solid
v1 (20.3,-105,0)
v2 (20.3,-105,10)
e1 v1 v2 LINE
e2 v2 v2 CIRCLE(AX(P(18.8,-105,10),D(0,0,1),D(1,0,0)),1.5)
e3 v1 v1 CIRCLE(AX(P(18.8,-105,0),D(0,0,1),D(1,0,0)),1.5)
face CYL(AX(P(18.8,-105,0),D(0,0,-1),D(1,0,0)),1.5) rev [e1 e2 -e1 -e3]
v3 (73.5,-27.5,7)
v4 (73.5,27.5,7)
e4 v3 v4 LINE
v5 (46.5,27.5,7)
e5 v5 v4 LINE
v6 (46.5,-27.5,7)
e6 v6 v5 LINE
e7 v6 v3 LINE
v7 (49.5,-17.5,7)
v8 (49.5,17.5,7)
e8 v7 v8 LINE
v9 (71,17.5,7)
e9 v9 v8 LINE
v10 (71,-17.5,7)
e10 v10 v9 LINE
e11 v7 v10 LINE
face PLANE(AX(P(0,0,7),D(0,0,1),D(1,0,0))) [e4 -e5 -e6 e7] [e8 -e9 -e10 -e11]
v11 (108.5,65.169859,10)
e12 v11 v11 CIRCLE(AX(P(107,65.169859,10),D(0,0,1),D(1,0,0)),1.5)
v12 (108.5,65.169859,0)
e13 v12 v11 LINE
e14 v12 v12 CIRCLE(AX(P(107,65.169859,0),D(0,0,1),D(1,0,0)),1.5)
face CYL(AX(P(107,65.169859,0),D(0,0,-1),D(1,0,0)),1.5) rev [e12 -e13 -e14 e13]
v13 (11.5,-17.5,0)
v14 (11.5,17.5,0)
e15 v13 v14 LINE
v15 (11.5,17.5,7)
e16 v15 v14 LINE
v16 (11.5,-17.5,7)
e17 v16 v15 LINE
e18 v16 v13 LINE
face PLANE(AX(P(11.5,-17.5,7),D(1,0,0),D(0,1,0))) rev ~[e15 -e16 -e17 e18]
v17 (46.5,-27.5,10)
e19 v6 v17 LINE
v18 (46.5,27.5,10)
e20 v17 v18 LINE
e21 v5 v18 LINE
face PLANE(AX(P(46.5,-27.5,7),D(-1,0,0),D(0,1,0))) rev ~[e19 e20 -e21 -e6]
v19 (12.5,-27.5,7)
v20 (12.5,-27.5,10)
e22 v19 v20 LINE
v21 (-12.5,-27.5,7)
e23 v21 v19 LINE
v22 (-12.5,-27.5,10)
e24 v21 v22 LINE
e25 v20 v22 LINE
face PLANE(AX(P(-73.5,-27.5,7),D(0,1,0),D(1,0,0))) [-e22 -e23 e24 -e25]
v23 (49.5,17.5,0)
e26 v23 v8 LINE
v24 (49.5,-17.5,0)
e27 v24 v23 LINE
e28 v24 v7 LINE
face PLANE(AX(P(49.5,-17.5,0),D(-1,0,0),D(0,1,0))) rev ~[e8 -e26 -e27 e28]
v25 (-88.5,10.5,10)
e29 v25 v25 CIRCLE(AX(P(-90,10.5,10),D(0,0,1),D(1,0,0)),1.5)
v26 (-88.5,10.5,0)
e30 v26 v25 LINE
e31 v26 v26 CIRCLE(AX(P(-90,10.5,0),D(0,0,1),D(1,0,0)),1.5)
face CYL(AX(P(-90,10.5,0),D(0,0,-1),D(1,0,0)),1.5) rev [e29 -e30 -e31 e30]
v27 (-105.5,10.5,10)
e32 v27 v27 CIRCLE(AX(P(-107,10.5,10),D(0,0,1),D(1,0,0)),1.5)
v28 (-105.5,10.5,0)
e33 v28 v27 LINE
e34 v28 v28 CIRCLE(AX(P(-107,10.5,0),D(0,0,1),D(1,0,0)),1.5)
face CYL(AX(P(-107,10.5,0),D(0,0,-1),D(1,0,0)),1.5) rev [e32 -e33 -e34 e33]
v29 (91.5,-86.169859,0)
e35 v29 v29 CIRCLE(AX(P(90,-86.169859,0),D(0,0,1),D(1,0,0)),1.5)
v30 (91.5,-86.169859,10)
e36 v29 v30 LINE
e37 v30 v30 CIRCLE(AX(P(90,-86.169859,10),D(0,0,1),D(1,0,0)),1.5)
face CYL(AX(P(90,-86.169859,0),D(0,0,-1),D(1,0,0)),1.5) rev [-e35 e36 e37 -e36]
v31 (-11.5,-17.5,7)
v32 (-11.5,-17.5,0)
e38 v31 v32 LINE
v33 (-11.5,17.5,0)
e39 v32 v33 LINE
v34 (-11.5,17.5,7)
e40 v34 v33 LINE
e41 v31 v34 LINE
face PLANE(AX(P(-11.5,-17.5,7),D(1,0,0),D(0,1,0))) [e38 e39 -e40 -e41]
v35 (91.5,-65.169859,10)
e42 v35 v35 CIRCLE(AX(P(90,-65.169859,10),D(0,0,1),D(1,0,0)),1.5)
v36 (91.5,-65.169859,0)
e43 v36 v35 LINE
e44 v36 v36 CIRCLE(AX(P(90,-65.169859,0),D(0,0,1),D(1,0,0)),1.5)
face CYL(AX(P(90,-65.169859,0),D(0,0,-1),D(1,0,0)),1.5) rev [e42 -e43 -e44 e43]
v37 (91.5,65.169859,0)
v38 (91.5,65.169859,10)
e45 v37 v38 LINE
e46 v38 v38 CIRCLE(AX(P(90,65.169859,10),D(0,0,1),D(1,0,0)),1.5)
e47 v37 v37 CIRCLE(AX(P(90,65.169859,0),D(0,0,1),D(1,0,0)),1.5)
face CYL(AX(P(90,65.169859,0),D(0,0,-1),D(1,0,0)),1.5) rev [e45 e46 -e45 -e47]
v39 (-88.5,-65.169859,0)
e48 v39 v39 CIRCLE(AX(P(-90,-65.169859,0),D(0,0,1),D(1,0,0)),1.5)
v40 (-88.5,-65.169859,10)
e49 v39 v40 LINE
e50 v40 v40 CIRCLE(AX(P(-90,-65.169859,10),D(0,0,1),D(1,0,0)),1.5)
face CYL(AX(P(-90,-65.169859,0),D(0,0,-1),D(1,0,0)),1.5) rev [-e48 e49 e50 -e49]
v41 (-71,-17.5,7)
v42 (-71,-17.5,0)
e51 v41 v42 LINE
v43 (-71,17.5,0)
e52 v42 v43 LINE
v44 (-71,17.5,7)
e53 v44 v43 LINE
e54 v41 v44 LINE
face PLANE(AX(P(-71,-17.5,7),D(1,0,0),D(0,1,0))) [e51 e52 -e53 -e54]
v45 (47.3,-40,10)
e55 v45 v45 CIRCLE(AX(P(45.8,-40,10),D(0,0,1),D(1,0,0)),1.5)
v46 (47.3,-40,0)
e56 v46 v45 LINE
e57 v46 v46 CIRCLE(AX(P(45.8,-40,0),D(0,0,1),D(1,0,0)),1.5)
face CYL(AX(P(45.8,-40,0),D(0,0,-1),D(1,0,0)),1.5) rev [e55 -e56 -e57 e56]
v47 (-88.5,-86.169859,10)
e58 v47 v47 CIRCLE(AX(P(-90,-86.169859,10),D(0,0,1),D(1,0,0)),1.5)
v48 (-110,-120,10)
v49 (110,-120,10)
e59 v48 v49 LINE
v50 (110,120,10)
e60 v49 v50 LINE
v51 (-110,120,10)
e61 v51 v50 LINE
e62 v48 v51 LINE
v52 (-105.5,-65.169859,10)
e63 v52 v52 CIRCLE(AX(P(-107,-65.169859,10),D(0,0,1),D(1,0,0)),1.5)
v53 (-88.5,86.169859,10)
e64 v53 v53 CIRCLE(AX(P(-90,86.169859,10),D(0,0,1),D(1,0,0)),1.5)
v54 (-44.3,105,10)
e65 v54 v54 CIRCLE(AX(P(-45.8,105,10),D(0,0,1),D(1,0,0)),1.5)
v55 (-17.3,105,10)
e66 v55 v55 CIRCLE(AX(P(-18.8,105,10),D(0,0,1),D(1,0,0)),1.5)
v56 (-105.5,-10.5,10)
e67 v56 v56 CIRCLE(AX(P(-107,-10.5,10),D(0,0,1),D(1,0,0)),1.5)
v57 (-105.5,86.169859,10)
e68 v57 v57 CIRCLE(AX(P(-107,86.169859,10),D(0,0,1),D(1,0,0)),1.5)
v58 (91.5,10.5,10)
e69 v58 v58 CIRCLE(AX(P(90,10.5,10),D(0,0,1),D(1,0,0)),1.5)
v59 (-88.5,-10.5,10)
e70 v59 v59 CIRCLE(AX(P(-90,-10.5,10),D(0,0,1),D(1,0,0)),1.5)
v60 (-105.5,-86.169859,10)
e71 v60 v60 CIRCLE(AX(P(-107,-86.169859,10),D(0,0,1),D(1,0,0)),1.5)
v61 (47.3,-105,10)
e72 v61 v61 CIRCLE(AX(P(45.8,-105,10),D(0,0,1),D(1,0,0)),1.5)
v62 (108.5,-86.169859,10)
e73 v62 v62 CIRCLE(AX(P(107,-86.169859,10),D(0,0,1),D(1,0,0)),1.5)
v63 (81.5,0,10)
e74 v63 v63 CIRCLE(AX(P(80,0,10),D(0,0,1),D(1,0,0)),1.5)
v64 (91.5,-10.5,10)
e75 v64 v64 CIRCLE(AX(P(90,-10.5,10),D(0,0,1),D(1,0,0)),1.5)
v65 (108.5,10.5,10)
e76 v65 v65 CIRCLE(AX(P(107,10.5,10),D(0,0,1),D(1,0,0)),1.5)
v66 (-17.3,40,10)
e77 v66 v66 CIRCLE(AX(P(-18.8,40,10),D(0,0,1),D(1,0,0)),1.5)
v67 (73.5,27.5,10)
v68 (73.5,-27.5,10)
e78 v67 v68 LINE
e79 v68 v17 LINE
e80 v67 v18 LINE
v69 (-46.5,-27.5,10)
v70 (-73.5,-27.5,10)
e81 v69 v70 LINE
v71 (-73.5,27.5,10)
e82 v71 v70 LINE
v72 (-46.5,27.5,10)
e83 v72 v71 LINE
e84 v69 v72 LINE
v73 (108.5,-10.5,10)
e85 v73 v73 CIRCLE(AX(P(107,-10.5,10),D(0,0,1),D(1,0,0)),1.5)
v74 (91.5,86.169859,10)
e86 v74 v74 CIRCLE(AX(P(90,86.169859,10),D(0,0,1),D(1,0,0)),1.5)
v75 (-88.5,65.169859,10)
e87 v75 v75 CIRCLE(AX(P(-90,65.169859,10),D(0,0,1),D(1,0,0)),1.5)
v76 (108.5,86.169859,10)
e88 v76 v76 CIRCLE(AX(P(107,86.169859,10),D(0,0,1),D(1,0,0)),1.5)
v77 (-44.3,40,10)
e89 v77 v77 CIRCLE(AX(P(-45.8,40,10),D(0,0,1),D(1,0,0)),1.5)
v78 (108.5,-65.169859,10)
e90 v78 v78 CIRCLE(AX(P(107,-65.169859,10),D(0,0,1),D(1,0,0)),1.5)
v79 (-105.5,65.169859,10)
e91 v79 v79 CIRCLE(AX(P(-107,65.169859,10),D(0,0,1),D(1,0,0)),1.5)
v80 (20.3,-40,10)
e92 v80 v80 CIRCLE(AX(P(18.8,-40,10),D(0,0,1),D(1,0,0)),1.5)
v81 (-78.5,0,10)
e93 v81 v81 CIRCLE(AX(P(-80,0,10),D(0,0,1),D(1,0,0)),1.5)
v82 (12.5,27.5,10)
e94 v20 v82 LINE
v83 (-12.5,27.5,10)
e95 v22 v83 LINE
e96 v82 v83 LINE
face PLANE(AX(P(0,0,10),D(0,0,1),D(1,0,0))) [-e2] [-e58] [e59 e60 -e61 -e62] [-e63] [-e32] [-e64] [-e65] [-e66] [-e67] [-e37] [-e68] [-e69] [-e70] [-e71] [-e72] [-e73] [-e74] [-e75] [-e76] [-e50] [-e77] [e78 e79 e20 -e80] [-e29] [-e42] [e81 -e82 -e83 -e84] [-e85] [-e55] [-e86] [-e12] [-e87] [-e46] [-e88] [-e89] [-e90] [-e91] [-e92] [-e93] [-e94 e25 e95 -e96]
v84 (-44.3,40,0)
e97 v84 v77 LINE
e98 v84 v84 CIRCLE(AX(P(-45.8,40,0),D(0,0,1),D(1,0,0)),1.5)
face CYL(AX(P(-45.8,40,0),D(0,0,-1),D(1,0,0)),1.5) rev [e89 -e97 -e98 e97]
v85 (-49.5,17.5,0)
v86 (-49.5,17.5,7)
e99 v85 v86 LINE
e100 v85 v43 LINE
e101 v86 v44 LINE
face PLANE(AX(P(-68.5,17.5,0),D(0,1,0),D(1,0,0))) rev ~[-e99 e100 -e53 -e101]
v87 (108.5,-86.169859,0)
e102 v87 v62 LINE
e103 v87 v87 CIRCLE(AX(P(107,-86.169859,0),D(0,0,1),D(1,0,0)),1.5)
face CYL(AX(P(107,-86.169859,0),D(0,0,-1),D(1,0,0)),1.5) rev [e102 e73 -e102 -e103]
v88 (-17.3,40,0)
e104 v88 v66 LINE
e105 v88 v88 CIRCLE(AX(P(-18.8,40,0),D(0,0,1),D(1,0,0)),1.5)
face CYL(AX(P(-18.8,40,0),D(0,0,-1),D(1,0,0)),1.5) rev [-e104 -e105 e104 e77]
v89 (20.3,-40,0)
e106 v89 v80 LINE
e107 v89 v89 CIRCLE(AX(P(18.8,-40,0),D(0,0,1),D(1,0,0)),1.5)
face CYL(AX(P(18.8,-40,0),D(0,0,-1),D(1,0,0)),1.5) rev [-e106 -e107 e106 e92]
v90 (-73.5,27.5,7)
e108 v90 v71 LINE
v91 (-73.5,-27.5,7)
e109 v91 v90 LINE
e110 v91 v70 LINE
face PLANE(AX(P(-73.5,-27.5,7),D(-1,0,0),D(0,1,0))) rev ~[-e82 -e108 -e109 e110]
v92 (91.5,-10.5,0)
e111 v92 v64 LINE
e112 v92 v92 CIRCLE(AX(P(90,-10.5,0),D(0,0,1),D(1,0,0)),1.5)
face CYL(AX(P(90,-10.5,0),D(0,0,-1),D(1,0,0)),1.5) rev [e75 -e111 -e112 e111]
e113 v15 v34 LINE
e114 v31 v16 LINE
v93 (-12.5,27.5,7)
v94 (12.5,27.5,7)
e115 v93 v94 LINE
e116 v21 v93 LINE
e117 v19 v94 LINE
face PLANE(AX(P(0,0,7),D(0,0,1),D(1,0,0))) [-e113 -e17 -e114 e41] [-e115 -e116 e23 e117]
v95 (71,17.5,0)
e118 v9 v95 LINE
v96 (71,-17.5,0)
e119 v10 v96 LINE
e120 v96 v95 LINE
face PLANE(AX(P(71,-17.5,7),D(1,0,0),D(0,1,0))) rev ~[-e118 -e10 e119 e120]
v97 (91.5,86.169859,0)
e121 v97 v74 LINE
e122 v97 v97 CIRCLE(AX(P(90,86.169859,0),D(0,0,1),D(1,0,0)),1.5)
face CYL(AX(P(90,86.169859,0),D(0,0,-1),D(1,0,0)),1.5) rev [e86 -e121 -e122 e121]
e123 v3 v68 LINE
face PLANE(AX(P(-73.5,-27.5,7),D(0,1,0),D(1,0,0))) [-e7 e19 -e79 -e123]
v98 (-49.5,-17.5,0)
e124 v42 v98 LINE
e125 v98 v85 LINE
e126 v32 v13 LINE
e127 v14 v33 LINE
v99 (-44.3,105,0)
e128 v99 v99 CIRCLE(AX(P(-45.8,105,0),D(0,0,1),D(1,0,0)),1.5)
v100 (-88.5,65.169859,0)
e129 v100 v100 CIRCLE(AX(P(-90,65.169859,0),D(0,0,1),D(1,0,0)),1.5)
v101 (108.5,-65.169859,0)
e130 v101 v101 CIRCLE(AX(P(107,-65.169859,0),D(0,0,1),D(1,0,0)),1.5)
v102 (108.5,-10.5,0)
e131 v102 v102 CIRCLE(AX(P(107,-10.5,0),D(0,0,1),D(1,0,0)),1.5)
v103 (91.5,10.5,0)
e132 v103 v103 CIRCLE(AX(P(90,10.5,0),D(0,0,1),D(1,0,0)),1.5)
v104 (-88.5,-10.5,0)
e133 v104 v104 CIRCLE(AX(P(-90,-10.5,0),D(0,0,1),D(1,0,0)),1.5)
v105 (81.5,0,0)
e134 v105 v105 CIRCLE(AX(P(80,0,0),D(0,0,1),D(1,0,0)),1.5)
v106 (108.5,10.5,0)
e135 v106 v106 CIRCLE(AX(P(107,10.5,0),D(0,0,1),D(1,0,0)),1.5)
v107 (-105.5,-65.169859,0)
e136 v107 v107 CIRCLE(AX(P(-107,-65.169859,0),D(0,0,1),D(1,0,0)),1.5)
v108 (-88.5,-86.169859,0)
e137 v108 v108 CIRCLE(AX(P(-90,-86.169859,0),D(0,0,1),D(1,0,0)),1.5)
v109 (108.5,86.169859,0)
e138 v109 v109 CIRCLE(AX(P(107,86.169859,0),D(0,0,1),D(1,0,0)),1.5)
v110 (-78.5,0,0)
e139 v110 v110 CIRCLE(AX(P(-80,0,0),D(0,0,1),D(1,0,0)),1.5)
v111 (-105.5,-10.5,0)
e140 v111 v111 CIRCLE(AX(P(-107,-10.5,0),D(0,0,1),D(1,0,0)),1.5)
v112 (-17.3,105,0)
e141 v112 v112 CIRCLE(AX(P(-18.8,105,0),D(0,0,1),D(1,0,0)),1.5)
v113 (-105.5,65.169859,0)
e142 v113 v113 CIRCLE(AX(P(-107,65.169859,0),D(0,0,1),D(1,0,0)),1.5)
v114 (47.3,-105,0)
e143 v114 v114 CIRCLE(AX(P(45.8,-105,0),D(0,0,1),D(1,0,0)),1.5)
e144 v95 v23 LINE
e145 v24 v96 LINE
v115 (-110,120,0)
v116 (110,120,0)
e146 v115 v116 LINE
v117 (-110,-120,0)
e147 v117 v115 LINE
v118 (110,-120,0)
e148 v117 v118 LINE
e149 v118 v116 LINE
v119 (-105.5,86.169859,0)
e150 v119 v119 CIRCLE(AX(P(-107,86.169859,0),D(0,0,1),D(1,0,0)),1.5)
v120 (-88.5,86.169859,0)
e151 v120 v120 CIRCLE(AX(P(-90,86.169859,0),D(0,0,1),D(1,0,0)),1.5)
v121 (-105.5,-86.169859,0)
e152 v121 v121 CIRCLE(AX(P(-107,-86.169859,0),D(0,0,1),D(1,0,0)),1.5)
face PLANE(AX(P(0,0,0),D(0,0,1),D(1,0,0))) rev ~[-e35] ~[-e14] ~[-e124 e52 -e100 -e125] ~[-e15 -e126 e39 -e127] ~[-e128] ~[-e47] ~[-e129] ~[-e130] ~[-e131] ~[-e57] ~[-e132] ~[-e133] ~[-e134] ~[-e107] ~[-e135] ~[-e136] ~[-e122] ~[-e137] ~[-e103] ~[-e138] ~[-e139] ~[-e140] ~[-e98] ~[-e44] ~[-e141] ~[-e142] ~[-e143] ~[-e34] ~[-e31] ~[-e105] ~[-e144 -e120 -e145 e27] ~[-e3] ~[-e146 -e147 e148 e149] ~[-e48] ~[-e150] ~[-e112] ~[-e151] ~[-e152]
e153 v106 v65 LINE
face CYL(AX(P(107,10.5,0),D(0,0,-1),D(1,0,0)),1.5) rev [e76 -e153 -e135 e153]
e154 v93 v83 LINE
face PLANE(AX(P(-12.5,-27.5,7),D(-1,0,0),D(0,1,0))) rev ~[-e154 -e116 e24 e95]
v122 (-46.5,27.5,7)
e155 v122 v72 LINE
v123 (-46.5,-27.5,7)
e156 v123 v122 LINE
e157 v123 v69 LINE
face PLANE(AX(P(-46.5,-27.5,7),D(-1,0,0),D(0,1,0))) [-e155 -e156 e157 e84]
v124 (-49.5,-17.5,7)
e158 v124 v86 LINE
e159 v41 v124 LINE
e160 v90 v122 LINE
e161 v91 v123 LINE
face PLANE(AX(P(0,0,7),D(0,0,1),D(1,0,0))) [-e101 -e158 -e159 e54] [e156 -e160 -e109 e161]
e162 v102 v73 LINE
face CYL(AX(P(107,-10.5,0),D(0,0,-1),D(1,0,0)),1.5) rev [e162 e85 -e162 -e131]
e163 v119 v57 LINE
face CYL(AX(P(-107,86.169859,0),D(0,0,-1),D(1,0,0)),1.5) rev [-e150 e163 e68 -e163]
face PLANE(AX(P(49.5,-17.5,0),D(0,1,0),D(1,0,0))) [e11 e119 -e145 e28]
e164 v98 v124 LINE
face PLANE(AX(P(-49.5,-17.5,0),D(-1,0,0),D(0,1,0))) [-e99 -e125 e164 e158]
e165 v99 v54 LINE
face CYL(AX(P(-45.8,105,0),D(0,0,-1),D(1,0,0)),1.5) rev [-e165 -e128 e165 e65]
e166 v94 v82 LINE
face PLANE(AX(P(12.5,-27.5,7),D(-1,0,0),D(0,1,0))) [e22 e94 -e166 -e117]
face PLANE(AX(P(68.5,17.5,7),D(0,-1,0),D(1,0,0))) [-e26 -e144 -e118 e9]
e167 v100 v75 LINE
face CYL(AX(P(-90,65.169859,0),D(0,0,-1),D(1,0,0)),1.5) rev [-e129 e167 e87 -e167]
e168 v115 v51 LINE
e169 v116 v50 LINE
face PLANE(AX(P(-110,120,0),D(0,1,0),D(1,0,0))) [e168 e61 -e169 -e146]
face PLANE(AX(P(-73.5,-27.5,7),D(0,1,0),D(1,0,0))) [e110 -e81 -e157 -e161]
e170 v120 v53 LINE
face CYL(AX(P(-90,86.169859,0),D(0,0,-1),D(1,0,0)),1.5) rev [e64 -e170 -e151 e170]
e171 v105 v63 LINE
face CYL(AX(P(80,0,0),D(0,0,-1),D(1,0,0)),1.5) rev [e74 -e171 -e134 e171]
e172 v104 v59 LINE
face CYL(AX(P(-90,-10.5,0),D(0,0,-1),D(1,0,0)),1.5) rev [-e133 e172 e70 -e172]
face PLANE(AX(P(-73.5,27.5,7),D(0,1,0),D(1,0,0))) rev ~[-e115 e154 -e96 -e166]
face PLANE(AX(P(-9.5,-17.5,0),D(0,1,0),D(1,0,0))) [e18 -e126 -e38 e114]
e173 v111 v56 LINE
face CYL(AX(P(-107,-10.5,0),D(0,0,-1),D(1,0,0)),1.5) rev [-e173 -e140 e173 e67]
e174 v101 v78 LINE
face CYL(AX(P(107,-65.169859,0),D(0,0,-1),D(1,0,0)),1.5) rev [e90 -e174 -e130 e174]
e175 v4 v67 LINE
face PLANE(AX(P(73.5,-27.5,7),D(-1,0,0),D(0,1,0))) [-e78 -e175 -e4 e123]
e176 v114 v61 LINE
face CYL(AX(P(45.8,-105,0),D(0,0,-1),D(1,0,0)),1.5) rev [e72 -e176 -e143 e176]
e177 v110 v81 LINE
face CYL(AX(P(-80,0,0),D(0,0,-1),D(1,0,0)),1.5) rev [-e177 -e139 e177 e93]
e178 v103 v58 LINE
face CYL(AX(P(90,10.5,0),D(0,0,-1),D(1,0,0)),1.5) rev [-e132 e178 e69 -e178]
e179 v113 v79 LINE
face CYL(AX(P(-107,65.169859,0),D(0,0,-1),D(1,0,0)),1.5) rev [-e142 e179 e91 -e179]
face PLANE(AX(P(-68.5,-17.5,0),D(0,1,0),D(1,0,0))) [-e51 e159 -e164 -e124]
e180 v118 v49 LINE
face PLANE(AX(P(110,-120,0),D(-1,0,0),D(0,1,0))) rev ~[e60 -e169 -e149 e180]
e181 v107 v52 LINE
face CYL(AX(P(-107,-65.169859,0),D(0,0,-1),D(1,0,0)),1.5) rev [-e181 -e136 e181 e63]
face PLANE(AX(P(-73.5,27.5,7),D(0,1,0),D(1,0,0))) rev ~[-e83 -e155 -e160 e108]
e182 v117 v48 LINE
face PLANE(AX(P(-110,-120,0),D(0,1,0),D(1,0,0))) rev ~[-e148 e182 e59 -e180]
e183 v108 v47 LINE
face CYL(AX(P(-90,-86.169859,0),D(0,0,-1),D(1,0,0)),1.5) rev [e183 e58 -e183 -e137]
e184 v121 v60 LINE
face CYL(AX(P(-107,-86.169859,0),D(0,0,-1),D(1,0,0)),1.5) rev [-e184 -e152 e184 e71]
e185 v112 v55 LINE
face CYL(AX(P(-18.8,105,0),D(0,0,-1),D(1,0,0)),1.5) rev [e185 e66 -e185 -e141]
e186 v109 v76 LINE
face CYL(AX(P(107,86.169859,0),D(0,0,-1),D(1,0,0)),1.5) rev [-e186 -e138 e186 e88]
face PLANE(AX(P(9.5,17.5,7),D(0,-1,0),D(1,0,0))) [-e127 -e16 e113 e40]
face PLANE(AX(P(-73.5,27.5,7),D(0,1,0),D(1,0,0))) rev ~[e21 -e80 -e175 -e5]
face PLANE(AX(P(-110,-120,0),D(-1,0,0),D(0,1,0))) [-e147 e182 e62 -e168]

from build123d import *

# Parameters (mm, degrees)
SKETCH1_W               = 220
SKETCH1_H               = 240
SKETCH1_R               = 1.5
SKETCH1_W_2             = 19
SKETCH1_H_2             = 35
BOSS_EXTRUDE1_DEPTH     = 10
CUT_EXTRUDE1_DEPTH      = 164.095064303
CUT_EXTRUDE1_DEPTH_BACK = 3
SKETCH2_W               = 147
SKETCH2_H               = 55
SKETCH3_W               = 34
SKETCH3_H               = 55
BOSS_EXTRUDE2_DEPTH     = 3
SKETCH6_W               = 2.5
SKETCH6_H               = 35
CUT_EXTRUDE3_DEPTH      = 10
SKETCH7_W               = 2
SKETCH7_H               = 35
CUT_EXTRUDE4_DEPTH      = 10


with BuildPart() as part:
    # Sketch1 → Boss-Extrude1 (new body)
    with BuildSketch(Plane.XY):
        Rectangle(SKETCH1_W, SKETCH1_H)
        with Locations((18.8, -40)):
            Circle(SKETCH1_R, mode=Mode.SUBTRACT)
        with Locations((45.8, -40)):
            Circle(SKETCH1_R, mode=Mode.SUBTRACT)
        with Locations((45.8, -105)):
            Circle(SKETCH1_R, mode=Mode.SUBTRACT)
        with Locations((18.8, -105)):
            Circle(SKETCH1_R, mode=Mode.SUBTRACT)
        with Locations((-45.8, 105)):
            Circle(SKETCH1_R, mode=Mode.SUBTRACT)
        with Locations((-18.8, 105)):
            Circle(SKETCH1_R, mode=Mode.SUBTRACT)
        with Locations((-18.8, 40)):
            Circle(SKETCH1_R, mode=Mode.SUBTRACT)
        with Locations((-45.8, 40)):
            Circle(SKETCH1_R, mode=Mode.SUBTRACT)
        with Locations((-80, 0)):
            Circle(SKETCH1_R, mode=Mode.SUBTRACT)
        with Locations((80, 0)):
            Circle(SKETCH1_R, mode=Mode.SUBTRACT)
        with Locations((90, 86.169859373)):
            Circle(SKETCH1_R, mode=Mode.SUBTRACT)
        with Locations((90, 65.169859373)):
            Circle(SKETCH1_R, mode=Mode.SUBTRACT)
        with Locations((107, 65.169859373)):
            Circle(SKETCH1_R, mode=Mode.SUBTRACT)
        with Locations((107, 86.169859373)):
            Circle(SKETCH1_R, mode=Mode.SUBTRACT)
        with Locations((90, -10.5)):
            Circle(SKETCH1_R, mode=Mode.SUBTRACT)
        with Locations((90, 10.5)):
            Circle(SKETCH1_R, mode=Mode.SUBTRACT)
        with Locations((107, 10.5)):
            Circle(SKETCH1_R, mode=Mode.SUBTRACT)
        with Locations((107, -10.5)):
            Circle(SKETCH1_R, mode=Mode.SUBTRACT)
        with Locations((90, -86.169859373)):
            Circle(SKETCH1_R, mode=Mode.SUBTRACT)
        with Locations((90, -65.169859373)):
            Circle(SKETCH1_R, mode=Mode.SUBTRACT)
        with Locations((107, -65.169859373)):
            Circle(SKETCH1_R, mode=Mode.SUBTRACT)
        with Locations((107, -86.169859373)):
            Circle(SKETCH1_R, mode=Mode.SUBTRACT)
        with Locations((-107, -65.169859373)):
            Circle(SKETCH1_R, mode=Mode.SUBTRACT)
        with Locations((-107, -86.169859373)):
            Circle(SKETCH1_R, mode=Mode.SUBTRACT)
        with Locations((-90, -86.169859373)):
            Circle(SKETCH1_R, mode=Mode.SUBTRACT)
        with Locations((-90, -65.169859373)):
            Circle(SKETCH1_R, mode=Mode.SUBTRACT)
        with Locations((-107, -10.5)):
            Circle(SKETCH1_R, mode=Mode.SUBTRACT)
        with Locations((-107, 10.5)):
            Circle(SKETCH1_R, mode=Mode.SUBTRACT)
        with Locations((-90, 10.5)):
            Circle(SKETCH1_R, mode=Mode.SUBTRACT)
        with Locations((-90, -10.5)):
            Circle(SKETCH1_R, mode=Mode.SUBTRACT)
        with Locations((-107, 86.169859373)):
            Circle(SKETCH1_R, mode=Mode.SUBTRACT)
        with Locations((-107, 65.169859373)):
            Circle(SKETCH1_R, mode=Mode.SUBTRACT)
        with Locations((-90, 65.169859373)):
            Circle(SKETCH1_R, mode=Mode.SUBTRACT)
        with Locations((-90, 86.169859373)):
            Circle(SKETCH1_R, mode=Mode.SUBTRACT)
        with Locations((-59, 0)):
            Rectangle(SKETCH1_W_2, SKETCH1_H_2, mode=Mode.SUBTRACT)
        with Locations((59, 0)):
            Rectangle(SKETCH1_W_2, SKETCH1_H_2, mode=Mode.SUBTRACT)
        Rectangle(SKETCH1_W_2, SKETCH1_H_2, mode=Mode.SUBTRACT)
    extrude(amount=BOSS_EXTRUDE1_DEPTH)

    # Sketch2 → Cut-Extrude1 (cut, two sides: drawn at the far end of the back side and taken through both)
    with BuildSketch(Plane.XY.offset(10).offset(-CUT_EXTRUDE1_DEPTH_BACK)):
        Rectangle(SKETCH2_W, SKETCH2_H)
    extrude(amount=CUT_EXTRUDE1_DEPTH + CUT_EXTRUDE1_DEPTH_BACK, mode=Mode.SUBTRACT)

    # Sketch3 → Boss-Extrude2 (add)
    with BuildSketch(Plane.XY.offset(7)):
        with Locations((29.5, 0)):
            Rectangle(SKETCH3_W, SKETCH3_H)
        with Locations((-29.5, 0)):
            Rectangle(SKETCH3_W, SKETCH3_H)
    extrude(amount=BOSS_EXTRUDE2_DEPTH)

    # Sketch6 → Cut-Extrude3 (cut)
    with BuildSketch(Plane.XY.offset(7)):
        with Locations((-69.75, 0)):
            Rectangle(SKETCH6_W, SKETCH6_H)
        with Locations((69.75, 0)):
            Rectangle(SKETCH6_W, SKETCH6_H)
    extrude(amount=-CUT_EXTRUDE3_DEPTH, mode=Mode.SUBTRACT)

    # Sketch7 → Cut-Extrude4 (cut)
    with BuildSketch(Plane.XY.offset(7)):
        with Locations((10.5, 0)):
            Rectangle(SKETCH7_W, SKETCH7_H)
        with Locations((-10.5, 0)):
            Rectangle(SKETCH7_W, SKETCH7_H)
    extrude(amount=-CUT_EXTRUDE4_DEPTH, mode=Mode.SUBTRACT)


solid = part.part
